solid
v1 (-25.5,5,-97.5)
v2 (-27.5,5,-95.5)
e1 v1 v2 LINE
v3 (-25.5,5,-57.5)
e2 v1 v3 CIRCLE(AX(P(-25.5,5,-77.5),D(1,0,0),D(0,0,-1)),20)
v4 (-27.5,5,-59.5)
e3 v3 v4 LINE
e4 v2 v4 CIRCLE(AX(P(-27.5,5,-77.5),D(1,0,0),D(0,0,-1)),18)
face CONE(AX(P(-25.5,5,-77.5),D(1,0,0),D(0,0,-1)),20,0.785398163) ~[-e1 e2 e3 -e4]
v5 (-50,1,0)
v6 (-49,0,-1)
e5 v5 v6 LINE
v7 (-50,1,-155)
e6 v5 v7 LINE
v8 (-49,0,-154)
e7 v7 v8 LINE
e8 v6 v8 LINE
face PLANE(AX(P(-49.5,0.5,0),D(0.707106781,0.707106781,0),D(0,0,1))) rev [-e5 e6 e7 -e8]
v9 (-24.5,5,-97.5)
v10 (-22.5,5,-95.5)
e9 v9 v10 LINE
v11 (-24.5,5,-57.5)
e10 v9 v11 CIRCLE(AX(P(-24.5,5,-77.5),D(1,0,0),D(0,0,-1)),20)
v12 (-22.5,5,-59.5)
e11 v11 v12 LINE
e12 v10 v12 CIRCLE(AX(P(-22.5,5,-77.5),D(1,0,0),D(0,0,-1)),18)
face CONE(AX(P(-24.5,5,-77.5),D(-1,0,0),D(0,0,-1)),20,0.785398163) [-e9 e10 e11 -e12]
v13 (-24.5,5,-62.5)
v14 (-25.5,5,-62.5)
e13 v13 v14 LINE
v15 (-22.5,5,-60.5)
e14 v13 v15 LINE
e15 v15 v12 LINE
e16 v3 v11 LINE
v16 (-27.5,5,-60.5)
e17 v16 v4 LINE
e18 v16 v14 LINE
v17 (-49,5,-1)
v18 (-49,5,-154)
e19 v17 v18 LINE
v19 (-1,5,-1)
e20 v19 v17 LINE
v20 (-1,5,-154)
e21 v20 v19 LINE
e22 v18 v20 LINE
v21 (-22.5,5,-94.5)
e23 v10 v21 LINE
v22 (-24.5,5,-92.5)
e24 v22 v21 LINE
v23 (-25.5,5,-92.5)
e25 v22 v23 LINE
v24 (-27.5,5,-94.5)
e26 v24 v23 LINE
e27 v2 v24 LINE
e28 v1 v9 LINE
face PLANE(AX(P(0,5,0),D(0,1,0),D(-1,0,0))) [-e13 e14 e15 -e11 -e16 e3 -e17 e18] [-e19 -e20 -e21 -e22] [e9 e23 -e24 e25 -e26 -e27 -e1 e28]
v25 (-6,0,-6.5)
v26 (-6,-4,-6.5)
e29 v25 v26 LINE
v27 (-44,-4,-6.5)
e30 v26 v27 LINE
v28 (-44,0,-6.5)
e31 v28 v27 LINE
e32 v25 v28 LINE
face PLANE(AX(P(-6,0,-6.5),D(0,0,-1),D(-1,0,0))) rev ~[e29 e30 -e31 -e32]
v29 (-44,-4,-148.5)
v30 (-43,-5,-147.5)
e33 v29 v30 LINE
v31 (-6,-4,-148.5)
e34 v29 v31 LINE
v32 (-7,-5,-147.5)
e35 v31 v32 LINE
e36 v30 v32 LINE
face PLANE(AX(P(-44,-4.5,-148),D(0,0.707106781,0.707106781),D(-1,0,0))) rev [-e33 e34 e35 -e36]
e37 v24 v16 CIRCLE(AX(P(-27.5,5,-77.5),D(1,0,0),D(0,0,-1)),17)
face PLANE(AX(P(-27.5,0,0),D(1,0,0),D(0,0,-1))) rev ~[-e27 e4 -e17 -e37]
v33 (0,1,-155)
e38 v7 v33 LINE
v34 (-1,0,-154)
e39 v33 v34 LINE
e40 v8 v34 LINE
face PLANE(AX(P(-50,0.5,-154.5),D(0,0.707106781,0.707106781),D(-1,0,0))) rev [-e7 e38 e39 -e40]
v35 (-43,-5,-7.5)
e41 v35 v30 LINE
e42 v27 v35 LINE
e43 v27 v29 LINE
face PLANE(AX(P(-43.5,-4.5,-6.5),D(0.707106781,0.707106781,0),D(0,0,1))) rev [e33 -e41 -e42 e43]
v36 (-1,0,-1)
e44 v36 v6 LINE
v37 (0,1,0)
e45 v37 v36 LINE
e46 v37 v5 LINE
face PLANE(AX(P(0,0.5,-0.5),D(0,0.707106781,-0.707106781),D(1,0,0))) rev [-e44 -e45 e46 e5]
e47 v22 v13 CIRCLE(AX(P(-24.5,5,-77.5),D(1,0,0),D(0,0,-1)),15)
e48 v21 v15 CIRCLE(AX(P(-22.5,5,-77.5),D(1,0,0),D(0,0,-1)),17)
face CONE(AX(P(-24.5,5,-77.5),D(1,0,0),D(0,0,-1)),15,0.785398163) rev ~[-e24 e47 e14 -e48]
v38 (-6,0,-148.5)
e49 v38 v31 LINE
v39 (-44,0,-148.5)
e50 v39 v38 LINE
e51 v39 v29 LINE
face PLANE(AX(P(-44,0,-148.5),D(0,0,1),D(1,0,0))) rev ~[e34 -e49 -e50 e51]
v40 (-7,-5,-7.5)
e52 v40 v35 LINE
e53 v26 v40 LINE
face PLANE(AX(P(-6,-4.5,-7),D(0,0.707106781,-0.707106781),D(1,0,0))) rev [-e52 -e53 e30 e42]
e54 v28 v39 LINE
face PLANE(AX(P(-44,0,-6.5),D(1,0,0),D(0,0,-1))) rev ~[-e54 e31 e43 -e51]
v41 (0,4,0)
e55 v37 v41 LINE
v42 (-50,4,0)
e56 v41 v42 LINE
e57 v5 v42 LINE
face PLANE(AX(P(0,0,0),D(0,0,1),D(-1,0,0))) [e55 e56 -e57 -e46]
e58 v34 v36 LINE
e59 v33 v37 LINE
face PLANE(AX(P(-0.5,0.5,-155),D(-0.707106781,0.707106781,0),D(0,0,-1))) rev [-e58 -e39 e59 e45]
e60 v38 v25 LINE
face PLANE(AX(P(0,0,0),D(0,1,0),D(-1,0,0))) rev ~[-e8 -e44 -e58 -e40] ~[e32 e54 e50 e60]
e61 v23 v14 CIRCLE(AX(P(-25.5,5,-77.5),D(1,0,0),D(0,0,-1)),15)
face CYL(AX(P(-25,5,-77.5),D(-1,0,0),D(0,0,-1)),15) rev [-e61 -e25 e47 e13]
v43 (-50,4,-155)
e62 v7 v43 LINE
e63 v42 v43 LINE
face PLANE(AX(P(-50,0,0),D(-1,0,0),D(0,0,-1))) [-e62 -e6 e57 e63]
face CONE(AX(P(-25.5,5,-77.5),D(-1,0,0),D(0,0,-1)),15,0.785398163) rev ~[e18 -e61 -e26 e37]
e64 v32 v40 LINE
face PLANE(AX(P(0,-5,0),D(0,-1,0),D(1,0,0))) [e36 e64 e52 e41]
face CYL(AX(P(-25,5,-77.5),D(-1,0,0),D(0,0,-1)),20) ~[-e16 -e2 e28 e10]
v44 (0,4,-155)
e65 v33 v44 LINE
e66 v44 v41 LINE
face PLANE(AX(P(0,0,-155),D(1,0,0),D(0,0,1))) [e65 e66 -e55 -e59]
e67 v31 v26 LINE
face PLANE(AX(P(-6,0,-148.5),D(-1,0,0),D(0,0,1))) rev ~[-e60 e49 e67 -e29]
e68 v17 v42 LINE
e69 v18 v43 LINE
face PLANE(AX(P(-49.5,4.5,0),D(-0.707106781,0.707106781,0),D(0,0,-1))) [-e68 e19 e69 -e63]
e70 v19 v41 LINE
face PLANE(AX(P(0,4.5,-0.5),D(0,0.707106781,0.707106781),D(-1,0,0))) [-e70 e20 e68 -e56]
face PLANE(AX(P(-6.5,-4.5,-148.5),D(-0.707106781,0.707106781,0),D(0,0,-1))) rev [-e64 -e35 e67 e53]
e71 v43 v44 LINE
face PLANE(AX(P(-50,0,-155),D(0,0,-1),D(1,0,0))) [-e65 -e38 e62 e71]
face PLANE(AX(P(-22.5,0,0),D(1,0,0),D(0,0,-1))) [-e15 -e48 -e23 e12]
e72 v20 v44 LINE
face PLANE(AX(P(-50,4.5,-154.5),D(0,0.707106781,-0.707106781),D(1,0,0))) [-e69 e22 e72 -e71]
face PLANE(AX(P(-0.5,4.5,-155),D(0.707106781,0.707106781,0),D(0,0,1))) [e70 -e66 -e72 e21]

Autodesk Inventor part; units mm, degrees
ref_plane "YZ Plane" through (0, 0, 0) normal (1, 0, 0) x (0, 1, 0)
ref_plane "XZ Plane" through (0, 0, 0) normal (0, 1, 0) x (-1, 0, 0)
ref_plane "XY Plane" through (0, 0, 0) normal (0, 0, 1) x (1, 0, 0)
sketch "Sketch1" plane through (0, 0, 0) normal (0, 1, 0) x (-1, 0, 0)
  line L0 (0, 0) -> (50, 0)
  line L1 (50, 0) -> (50, -155)
  line L2 (50, -155) -> (0, -155)
  line L3 (0, -155) -> (0, 0)
  dimension "d0" = 155
  dimension "d1" = 50
extrude "Extrusion1" add sketch "Sketch1" along normal blind 5
sketch "Sketch2" plane through (0, 0, 0) normal (0, -1, 0) x (1, 0, 0)
  line L0 (-6, -6.5) -> (-44, -6.5)
  line L1 (-44, -6.5) -> (-44, -148.5)
  line L2 (-44, -148.5) -> (-6, -148.5)
  line L3 (-6, -148.5) -> (-6, -6.5)
  line L4 (0, 0) -> (0, -155) projected
  line L5 (0, -155) -> (-50, -155) projected
  dimension "d4" = 38
  dimension "d5" = 142
  dimension "d6" = 6
  dimension "d7" = 6.5
extrude "Extrusion2" add sketch "Sketch2" along normal blind 5
ref_plane "Work Plane1" through (-25, 0, 0) normal (1, 0, 0) x (0, 0, -1)
sketch "Sketch3" plane through (-25, 0, 0) normal (1, 0, 0) x (0, 0, -1)
  line L0 (155, 5) -> (0, 5) projected
  arc A0 (97.5, 5) -> (57.5, 5) centre (77.5, 5) ccw
  arc A1 (92.5, 5) -> (62.5, 5) centre (77.5, 5) ccw
  point P0 (0, 0)
  point P1 (73.9182, 2.8954)
  point P2 (77.5, 5)
  point P3 (77.5, 5)
  point P4 (77.5, 25)
  point P5 (77.5, 20)
  dimension "d11" = 77.5
  dimension "d12" = 0
  dimension "d13" = 20
  dimension "d14" = 20
  dimension "d15" = 20
  dimension "d16" = 5
  dimension "d17" = 5
  dimension "d18" = 5
extrude "Extrusion3" add sketch "Sketch3" along normal mid plane 5 contours L0 A1 A0
chamfer "Chamfer1" distance 2 angle 45 4 edges at (-22.5, 25, -77.5) (-27.5, 25, -77.5) (-22.5, 20, -77.5) (-27.5, 20, -77.5)
chamfer "Chamfer2" distance 1 angle 45 8 edges at (0, 5, -77.5) (-25, 5, -155) (-50, 5, -77.5) (-25, 5, 0) (-25, 0, -155) (0, 0, -77.5) (-50, 0, -77.5) (-25, 0, 0)
chamfer "Chamfer3" distance 1 angle 45 4 edges at (-25, -5, -6.5) (-44, -5, -77.5) (-6, -5, -77.5) (-25, -5, -148.5)
equation "\"BendRadius\" = Thickness"
equation "\"BendReliefWidth\" = Thickness"
equation "\"BendReliefDepth\" = 0.5 * Thickness"
equation "\"CornerReliefSize\" = 4 * Thickness"
equation "\"MinimumRemnant\" = 2 * Thickness"
equation "\"TransitionRadius\" = BendRadius"
equation "\"JacobiRadiusSize\" = BendRadius"
equation "\"GapSize\" = Thickness"
equation "\"Thickness\" = 0.5"
properties part number "water lock"
